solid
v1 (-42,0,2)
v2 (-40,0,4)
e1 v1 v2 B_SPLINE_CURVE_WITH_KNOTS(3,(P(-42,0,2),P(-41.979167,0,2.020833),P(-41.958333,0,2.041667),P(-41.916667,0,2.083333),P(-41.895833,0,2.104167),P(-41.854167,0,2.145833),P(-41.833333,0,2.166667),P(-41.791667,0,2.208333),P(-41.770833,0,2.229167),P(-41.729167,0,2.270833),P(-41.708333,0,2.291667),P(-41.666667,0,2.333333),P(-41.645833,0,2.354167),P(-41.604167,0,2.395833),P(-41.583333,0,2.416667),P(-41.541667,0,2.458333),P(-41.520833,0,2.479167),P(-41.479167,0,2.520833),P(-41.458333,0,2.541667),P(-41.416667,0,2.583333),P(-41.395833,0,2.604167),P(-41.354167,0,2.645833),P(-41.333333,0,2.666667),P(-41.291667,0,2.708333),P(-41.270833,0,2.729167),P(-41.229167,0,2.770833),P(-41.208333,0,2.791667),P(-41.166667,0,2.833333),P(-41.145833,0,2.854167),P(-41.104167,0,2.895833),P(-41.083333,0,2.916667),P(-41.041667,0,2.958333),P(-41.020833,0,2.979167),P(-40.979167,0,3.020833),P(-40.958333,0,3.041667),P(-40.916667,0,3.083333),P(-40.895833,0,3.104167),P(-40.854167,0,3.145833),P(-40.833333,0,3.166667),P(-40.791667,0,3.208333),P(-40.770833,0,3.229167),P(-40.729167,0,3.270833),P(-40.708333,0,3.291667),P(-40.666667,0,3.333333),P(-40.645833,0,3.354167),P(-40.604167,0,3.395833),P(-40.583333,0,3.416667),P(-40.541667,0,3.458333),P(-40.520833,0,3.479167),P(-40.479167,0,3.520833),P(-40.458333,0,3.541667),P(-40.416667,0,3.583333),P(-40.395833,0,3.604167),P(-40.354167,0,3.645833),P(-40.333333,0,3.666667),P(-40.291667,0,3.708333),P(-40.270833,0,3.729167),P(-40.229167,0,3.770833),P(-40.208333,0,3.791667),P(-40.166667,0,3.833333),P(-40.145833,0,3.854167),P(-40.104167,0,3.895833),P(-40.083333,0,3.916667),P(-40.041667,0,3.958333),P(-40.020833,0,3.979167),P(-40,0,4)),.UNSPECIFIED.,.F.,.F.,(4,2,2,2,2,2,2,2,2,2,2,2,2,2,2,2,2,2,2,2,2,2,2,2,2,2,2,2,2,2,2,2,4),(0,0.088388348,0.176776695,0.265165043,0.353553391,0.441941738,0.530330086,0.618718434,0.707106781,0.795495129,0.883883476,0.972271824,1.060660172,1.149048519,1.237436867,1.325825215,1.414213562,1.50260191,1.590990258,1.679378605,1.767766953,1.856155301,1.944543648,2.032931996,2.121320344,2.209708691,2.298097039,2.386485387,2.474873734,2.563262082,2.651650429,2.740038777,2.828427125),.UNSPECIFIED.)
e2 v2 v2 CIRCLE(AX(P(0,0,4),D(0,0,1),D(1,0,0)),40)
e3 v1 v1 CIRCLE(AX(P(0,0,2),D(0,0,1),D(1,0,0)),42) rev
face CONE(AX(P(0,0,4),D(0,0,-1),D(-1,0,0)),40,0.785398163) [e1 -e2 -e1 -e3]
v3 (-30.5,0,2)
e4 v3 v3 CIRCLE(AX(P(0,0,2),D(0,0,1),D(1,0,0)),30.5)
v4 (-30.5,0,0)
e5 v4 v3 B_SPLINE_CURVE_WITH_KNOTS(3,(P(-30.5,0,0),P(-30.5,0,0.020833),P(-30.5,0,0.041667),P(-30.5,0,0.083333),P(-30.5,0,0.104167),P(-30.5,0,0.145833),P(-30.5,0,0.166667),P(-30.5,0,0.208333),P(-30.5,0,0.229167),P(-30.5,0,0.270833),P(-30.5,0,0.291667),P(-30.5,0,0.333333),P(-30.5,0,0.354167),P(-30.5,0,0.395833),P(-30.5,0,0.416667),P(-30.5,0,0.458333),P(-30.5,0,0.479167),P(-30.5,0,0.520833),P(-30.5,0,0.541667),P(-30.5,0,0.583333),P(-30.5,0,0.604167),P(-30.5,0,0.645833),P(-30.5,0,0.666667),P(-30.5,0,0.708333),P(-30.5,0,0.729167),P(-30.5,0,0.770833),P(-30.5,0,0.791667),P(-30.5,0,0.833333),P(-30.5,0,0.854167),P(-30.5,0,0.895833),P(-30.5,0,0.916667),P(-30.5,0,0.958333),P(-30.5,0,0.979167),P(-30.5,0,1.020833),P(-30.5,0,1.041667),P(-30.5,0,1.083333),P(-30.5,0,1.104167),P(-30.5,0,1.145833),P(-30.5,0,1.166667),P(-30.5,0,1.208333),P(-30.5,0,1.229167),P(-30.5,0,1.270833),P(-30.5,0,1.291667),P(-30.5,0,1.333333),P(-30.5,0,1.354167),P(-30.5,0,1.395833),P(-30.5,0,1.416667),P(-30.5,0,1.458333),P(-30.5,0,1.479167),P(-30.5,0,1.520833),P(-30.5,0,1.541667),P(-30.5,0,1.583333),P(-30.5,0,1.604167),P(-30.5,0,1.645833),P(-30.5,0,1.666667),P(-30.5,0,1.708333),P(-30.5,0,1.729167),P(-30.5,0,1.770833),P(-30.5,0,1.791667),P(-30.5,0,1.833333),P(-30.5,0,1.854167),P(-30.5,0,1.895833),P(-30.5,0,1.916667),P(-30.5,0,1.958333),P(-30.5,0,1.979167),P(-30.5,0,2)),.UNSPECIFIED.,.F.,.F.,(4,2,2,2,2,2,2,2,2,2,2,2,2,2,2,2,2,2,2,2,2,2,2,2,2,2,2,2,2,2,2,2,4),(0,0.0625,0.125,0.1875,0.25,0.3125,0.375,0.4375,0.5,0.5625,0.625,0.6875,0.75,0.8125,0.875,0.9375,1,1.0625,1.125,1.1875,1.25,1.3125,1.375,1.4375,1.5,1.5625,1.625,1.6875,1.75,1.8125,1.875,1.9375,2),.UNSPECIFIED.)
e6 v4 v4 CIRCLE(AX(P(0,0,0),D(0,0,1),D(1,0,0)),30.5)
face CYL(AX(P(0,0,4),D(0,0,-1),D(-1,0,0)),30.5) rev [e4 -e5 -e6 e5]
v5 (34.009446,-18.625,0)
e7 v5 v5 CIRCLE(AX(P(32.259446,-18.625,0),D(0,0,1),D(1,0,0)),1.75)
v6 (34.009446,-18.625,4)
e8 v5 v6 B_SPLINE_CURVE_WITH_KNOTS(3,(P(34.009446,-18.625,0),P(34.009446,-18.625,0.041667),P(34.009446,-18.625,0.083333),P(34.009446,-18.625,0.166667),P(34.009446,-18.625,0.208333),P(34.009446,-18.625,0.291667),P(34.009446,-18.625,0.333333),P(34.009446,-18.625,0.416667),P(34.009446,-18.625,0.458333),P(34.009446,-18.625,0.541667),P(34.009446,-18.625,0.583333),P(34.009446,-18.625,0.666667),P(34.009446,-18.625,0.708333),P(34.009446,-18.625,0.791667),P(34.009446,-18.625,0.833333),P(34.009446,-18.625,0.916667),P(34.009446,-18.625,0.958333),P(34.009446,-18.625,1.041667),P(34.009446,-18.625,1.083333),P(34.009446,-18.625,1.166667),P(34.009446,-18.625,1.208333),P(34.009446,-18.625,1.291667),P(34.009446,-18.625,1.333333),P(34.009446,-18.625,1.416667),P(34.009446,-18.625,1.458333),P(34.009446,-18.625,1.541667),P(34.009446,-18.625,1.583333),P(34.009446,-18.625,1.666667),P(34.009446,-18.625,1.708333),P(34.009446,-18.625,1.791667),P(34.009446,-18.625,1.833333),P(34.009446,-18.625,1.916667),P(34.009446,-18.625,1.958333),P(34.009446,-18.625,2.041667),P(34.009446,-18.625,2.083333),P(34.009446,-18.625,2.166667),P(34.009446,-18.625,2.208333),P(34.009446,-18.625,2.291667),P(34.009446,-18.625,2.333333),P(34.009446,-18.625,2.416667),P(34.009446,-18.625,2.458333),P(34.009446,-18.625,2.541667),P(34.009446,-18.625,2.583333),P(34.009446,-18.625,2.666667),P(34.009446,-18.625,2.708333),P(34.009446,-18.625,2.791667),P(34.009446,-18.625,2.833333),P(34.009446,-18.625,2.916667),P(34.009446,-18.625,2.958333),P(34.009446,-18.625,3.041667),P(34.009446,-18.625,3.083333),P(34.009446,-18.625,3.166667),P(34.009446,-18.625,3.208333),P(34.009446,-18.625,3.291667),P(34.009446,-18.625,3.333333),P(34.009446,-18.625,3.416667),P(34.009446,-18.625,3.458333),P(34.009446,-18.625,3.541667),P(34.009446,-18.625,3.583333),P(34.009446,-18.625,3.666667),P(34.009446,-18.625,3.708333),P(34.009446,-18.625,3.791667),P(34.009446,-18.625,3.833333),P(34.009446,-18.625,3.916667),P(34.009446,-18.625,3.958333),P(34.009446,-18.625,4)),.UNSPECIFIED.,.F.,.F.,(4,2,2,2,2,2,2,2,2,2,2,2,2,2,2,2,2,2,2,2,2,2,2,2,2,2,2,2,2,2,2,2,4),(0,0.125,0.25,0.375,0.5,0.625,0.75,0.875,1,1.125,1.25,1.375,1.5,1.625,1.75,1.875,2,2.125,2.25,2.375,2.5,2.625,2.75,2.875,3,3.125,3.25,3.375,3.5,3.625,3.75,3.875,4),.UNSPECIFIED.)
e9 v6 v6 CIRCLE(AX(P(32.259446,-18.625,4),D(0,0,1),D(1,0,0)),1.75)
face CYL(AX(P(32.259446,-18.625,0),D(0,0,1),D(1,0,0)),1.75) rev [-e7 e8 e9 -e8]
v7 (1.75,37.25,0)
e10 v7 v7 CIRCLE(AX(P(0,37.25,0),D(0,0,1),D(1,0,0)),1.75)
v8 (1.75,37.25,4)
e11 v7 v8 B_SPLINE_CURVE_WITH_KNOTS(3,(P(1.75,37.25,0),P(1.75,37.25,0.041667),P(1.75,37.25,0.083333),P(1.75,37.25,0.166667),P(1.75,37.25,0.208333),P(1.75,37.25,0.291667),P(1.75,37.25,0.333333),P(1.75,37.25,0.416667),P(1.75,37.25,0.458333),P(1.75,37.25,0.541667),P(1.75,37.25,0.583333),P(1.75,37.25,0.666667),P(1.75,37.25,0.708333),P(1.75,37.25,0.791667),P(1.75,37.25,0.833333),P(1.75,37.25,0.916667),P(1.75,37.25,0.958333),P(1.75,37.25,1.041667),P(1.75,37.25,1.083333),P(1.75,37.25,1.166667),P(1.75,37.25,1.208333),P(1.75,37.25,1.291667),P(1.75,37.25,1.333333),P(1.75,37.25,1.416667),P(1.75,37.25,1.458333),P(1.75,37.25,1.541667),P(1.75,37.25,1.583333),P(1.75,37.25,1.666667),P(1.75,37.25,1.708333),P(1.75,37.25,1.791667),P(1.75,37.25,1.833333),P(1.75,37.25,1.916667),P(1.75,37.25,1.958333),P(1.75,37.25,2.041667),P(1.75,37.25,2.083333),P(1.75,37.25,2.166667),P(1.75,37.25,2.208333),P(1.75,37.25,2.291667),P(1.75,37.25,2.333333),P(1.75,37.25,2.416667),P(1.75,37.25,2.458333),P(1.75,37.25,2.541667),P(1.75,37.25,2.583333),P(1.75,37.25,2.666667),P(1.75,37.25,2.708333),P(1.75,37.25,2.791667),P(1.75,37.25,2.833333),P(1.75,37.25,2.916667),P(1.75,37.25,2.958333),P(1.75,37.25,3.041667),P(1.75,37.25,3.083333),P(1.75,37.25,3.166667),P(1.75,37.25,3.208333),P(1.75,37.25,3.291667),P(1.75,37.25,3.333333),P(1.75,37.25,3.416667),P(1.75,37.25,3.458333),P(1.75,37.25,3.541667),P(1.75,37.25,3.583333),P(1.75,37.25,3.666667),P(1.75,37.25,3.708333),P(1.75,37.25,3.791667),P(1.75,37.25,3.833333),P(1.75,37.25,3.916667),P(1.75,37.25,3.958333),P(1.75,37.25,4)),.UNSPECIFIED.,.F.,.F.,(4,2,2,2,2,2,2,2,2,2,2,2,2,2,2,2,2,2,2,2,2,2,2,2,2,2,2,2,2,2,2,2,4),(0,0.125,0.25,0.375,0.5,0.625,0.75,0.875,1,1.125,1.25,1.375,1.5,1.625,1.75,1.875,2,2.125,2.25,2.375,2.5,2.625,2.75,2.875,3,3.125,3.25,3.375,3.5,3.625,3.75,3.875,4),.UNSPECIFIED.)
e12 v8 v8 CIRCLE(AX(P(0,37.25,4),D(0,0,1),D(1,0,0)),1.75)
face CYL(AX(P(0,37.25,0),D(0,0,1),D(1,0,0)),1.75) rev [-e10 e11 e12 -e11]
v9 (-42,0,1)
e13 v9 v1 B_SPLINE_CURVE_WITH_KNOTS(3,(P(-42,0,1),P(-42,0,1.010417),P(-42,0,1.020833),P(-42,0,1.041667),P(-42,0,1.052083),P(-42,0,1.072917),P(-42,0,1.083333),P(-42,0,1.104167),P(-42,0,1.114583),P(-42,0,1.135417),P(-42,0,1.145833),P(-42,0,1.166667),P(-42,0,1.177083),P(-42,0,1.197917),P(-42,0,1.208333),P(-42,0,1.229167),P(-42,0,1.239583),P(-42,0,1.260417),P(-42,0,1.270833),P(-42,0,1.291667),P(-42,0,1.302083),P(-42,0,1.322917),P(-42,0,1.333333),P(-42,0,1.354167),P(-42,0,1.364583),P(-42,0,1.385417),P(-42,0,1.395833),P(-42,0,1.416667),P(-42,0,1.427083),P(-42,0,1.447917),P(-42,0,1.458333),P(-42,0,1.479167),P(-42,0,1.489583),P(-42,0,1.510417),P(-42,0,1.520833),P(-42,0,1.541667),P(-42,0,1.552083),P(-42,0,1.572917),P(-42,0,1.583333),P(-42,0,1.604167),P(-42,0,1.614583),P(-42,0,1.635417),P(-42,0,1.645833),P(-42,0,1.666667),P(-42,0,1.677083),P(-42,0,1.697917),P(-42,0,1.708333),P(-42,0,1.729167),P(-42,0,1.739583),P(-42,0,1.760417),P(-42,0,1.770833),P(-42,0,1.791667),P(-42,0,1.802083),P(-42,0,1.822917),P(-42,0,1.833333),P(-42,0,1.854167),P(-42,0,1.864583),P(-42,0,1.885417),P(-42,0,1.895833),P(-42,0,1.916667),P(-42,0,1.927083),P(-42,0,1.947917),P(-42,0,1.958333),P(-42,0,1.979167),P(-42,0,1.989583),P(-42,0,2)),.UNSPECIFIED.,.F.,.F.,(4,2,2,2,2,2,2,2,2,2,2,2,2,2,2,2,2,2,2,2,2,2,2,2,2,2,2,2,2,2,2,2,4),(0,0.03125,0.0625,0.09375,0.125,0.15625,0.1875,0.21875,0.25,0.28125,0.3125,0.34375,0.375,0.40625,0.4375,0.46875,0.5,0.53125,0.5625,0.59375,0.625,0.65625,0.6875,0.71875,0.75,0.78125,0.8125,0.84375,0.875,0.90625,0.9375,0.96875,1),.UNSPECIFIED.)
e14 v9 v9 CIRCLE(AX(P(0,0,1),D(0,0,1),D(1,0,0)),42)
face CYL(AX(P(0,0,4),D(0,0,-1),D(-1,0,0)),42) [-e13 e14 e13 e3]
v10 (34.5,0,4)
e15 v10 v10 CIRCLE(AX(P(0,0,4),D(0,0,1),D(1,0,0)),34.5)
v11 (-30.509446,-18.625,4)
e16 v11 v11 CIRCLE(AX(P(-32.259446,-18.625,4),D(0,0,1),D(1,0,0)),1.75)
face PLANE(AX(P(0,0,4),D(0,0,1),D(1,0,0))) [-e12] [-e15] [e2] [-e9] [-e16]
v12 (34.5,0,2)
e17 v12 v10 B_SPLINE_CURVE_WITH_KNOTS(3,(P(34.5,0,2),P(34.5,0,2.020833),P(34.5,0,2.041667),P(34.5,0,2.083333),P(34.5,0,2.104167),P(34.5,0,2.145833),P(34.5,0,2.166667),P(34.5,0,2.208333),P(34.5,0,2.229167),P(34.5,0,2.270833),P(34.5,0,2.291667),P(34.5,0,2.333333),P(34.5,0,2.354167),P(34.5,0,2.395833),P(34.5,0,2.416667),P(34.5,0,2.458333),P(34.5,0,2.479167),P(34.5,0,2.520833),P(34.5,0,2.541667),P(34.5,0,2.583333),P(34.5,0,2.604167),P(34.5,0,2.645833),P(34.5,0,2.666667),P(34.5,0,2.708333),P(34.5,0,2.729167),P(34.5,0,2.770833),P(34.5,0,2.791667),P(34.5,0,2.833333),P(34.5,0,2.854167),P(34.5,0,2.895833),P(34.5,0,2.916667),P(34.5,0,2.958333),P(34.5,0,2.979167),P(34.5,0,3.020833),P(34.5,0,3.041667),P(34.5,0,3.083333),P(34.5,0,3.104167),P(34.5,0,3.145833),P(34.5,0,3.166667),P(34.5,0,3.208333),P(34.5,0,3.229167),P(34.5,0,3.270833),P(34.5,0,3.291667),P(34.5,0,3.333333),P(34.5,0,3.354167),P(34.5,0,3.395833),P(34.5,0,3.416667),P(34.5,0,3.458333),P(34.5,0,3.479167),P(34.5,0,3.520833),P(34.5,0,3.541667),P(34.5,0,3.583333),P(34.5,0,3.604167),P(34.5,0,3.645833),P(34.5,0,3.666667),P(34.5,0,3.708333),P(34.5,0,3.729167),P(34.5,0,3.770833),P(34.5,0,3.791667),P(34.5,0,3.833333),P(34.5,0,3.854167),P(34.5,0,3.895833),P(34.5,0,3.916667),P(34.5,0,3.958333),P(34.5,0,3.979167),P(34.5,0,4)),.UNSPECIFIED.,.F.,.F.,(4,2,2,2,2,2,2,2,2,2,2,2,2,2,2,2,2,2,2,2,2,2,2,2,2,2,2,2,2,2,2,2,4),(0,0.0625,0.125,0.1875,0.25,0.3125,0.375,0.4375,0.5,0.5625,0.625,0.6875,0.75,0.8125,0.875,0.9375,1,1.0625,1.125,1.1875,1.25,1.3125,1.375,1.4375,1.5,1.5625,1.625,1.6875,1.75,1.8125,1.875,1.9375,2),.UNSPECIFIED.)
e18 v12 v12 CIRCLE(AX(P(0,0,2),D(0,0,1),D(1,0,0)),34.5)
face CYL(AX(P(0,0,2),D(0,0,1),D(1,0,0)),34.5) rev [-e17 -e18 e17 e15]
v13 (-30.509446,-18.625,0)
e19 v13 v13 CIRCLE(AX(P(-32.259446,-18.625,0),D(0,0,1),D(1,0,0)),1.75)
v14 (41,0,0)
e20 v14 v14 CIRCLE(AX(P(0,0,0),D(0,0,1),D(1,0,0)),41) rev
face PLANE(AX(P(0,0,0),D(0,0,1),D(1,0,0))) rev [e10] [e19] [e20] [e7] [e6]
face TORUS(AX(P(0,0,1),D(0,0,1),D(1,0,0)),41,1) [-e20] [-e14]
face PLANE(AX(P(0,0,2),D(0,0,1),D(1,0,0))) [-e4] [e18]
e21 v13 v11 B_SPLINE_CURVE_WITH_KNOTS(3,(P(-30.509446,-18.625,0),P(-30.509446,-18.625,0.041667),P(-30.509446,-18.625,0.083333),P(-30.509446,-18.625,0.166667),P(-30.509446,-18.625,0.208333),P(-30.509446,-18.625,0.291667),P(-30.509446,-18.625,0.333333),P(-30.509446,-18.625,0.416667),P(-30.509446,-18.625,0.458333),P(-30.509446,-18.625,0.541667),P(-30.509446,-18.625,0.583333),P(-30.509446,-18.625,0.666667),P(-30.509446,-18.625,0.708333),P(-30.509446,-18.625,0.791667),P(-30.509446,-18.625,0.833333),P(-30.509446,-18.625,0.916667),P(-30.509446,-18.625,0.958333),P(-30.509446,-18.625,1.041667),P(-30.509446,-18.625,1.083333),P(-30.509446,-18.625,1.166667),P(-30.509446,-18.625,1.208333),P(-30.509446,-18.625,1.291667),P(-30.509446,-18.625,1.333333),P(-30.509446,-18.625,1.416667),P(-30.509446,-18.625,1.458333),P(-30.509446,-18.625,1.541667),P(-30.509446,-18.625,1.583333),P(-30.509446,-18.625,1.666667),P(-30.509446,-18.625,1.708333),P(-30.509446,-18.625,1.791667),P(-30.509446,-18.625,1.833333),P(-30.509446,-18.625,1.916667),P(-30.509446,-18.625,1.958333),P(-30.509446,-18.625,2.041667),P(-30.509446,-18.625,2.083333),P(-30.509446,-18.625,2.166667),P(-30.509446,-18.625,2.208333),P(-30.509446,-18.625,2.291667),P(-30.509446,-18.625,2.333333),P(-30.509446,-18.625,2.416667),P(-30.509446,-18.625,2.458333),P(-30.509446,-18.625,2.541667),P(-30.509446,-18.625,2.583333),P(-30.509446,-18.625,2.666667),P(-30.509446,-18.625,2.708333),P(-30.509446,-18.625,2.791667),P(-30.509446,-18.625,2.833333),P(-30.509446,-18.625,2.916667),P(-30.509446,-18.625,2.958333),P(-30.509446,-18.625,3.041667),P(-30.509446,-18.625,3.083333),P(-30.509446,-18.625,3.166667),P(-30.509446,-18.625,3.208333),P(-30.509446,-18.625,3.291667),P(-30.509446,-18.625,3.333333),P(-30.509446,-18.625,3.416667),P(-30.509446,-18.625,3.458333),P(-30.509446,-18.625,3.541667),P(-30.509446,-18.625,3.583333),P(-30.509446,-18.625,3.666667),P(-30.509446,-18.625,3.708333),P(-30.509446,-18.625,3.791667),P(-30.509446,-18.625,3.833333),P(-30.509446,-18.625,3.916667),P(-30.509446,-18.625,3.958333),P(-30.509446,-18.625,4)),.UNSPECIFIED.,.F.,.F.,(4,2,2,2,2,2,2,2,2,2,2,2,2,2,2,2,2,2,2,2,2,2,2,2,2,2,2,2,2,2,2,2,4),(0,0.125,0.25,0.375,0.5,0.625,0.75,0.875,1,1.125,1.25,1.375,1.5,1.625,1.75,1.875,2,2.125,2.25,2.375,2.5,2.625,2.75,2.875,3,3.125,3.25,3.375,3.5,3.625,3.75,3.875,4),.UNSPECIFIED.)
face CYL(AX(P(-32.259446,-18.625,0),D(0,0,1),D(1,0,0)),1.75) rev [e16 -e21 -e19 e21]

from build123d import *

# Parameters (mm, degrees)
SKETCH_1_R          = 42
SKETCH_1_R_2        = 30.5
EXTRUDE_1_DEPTH     = 4
CHAMFER_1_SIZE      = 2
SKETCH_3_R          = 34.5
CUT_EXTRUDE_2_DEPTH = 2
SKETCH_4_R          = 1.75
CUT_EXTRUDE_5_DEPTH = 60.531504265
FILLET_2_R          = 1


with BuildPart() as part:
    # Эскиз1 → Бобышка-Вытянуть1 (new body)
    with BuildSketch(Plane.XY):
        Circle(SKETCH_1_R)
        Circle(SKETCH_1_R_2, mode=Mode.SUBTRACT)
    extrude(amount=EXTRUDE_1_DEPTH)

    # Фаска1
    chamfer_1_edges = [part.edges().sort_by_distance(p)[0] for p in [
        (-42, 0, 4),
    ]]
    chamfer(chamfer_1_edges, length=CHAMFER_1_SIZE)

    # Эскиз3 → Вырез-Вытянуть2 (cut)
    with BuildSketch(Plane.XY.offset(4)):
        Circle(SKETCH_3_R)
    extrude(amount=-CUT_EXTRUDE_2_DEPTH, mode=Mode.SUBTRACT)

    # Эскиз4 → Вырез-Вытянуть5 (cut, through all)
    with BuildSketch(Plane.XY.offset(4)):
        with Locations((0, 37.25)):
            Circle(SKETCH_4_R)
        with Locations((32.259446291, -18.625)):
            Circle(SKETCH_4_R)
        with Locations((-32.259446291, -18.625)):
            Circle(SKETCH_4_R)
    extrude(amount=-CUT_EXTRUDE_5_DEPTH, mode=Mode.SUBTRACT)

    # Скругление2
    fillet_2_edges = [part.edges().sort_by_distance(p)[0] for p in [
        (-42, 0, 0),
    ]]
    fillet(fillet_2_edges, radius=FILLET_2_R)


solid = part.part
